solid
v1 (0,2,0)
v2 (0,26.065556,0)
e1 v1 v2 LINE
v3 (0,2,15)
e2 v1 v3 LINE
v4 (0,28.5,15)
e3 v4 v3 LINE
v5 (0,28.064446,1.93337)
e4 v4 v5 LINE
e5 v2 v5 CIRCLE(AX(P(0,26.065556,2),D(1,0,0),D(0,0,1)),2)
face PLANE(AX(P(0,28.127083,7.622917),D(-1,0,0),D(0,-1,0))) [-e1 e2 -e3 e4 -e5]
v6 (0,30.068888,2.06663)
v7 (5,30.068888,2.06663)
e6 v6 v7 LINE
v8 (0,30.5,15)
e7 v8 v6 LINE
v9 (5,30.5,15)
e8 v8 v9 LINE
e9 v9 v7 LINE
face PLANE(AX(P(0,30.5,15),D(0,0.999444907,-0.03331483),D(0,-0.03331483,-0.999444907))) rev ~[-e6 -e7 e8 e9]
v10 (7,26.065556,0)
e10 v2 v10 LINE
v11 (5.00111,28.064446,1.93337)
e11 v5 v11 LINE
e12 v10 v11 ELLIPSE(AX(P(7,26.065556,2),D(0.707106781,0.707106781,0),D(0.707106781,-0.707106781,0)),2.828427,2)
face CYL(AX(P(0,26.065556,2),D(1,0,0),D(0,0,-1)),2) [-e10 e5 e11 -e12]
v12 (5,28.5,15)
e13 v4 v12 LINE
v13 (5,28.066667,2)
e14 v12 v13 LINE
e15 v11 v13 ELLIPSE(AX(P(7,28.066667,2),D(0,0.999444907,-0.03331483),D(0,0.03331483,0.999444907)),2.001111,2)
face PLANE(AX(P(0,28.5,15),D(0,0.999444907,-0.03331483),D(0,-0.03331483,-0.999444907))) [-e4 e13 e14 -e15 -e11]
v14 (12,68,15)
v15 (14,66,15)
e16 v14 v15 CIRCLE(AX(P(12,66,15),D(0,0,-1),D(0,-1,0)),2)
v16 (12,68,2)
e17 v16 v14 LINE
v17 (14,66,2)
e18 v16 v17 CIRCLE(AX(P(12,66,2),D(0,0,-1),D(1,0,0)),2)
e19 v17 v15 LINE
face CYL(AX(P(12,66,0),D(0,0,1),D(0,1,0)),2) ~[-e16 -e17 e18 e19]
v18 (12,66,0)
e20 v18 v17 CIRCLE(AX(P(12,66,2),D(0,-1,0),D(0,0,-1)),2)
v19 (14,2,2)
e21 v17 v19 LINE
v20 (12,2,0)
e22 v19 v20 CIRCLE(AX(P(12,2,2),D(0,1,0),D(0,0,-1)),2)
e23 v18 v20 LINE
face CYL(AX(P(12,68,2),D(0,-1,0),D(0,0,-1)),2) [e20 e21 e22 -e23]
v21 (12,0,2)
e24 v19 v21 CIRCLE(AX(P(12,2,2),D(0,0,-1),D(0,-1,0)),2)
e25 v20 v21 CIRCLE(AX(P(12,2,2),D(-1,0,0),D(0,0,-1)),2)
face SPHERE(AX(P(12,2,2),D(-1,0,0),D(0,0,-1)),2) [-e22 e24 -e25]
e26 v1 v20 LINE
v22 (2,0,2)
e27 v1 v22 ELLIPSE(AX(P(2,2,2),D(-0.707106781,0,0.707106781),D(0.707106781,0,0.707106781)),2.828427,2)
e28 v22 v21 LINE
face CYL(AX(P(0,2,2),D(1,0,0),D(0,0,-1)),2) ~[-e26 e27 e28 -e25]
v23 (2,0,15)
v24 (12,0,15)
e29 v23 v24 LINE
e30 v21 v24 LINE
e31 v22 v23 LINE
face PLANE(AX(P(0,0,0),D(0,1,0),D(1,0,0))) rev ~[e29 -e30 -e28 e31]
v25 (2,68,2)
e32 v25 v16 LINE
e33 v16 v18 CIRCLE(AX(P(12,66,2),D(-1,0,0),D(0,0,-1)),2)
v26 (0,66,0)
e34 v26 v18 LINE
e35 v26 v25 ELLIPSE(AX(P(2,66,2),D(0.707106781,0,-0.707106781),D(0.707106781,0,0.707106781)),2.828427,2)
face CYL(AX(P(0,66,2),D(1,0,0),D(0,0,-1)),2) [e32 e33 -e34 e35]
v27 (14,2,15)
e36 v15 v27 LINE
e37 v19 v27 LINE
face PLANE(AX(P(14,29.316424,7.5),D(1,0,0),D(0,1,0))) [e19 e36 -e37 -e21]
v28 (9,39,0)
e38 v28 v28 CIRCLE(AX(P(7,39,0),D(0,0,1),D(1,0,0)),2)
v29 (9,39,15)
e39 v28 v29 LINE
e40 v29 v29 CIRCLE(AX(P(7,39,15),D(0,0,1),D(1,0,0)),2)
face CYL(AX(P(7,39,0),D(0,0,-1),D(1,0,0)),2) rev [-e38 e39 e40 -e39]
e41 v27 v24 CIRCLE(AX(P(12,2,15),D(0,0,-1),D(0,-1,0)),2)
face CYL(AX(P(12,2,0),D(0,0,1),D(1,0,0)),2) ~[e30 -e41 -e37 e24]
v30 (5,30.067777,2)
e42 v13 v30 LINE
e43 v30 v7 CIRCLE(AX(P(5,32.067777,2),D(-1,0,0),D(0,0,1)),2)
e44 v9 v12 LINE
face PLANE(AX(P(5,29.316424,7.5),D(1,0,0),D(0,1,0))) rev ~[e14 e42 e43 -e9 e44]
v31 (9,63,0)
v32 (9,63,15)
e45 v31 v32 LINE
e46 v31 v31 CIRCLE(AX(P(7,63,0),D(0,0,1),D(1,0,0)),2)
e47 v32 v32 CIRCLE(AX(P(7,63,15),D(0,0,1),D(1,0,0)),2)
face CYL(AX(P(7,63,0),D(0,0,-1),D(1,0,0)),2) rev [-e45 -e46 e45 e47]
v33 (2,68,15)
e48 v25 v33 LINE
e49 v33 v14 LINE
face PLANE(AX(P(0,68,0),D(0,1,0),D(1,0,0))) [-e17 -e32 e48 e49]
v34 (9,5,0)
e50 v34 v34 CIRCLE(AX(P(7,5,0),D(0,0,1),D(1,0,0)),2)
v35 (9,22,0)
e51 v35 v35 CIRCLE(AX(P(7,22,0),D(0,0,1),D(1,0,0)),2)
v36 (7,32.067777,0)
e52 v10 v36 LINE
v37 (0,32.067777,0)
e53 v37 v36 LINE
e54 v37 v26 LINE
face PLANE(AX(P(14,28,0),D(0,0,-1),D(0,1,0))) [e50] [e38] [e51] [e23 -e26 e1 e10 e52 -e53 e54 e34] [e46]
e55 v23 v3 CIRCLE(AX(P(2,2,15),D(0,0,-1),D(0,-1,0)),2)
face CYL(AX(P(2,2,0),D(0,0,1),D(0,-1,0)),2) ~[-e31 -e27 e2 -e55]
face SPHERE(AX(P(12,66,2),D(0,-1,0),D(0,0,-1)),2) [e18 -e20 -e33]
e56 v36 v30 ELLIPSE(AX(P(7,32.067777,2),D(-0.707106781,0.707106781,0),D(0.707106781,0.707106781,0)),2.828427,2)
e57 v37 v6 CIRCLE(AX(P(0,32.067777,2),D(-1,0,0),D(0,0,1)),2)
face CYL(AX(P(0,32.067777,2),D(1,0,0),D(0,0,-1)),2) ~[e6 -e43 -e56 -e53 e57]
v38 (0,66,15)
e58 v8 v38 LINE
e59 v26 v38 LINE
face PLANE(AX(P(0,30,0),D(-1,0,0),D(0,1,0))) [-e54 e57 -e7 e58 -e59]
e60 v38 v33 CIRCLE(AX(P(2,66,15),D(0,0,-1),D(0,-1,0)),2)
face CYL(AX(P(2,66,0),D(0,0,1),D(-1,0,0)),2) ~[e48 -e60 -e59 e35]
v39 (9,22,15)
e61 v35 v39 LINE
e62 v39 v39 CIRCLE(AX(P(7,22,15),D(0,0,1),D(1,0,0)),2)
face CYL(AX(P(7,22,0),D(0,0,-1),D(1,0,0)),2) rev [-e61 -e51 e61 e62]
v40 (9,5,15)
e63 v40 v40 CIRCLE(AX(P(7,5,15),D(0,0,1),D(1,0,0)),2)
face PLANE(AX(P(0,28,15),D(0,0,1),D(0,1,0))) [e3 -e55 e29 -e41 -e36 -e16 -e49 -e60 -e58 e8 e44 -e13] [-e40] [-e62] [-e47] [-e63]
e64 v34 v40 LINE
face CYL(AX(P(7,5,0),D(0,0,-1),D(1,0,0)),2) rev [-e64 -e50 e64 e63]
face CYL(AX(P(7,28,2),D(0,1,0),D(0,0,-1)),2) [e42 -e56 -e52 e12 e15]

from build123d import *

# Parameters (mm, degrees)
F0_W     = 14
F0_H     = 28
F0_R     = 2
F1_DEPTH = 15
F0_H_2   = 38
F2_W     = 2.6328479201
F2_H     = 15
F3_DEPTH = 9
F5_DEPTH = 5
F7_DEPTH = 5
F8_R     = 2


with BuildPart() as f1:
    # F0 (on Top) → F1 (new body)
    with BuildSketch(Plane.XY):
        with Locations((7, 14)):
            Rectangle(F0_W, F0_H)
        with Locations((7, 5)):
            Circle(F0_R, mode=Mode.SUBTRACT)
        with Locations((7, 22)):
            Circle(F0_R, mode=Mode.SUBTRACT)
    extrude(amount=F1_DEPTH)



with BuildPart() as f1b:
    # F0 (on Top) → F1, piece 2 (new body)
    with BuildSketch(Plane.XY):
        with Locations((7, 49)):
            Rectangle(F0_W, F0_H_2)
        with Locations((7, 39)):
            Circle(F0_R, mode=Mode.SUBTRACT)
        with Locations((7, 63)):
            Circle(F0_R, mode=Mode.SUBTRACT)
    extrude(amount=F1_DEPTH)


with BuildPart() as f1_1:
    add(f1.part)

    add(f1b.part)  # F3 merges F1b
    # F2 (on face) → F3 (join)
    with BuildSketch(Plane.YZ.offset(14)):
        with Locations((29.31642396, 7.5)):
            Rectangle(F2_W, F2_H)
    extrude(amount=-F3_DEPTH)

    # F4 (on face) → F5 (join)
    with BuildSketch(Plane(origin=(0, 0, 0), x_dir=(0, -1, 0), z_dir=(-1, 0, 0))):
        Polygon((-28, 0), (-28, 15), (-28.5, 15), align=None)
    extrude(amount=-F5_DEPTH)

    # F6 (on face) → F7 (cut)
    with BuildSketch(Plane(origin=(0, 0, 0), x_dir=(0, -1, 0), z_dir=(-1, 0, 0))):
        Polygon((-30, 0), (-30, 15), (-30.5, 15), align=None)
    extrude(amount=-F7_DEPTH, mode=Mode.SUBTRACT)

    # F8
    f8_edges = [f1_1.edges().sort_by_distance(p)[0] for p in [
        (2.5, 30, 0),
        (5, 29, 0),
        (2.5, 28, 0),
        (7, 0, 0),
        (14, 34, 0),
        (7, 68, 0),
        (0, 68, 7.5),
        (14, 68, 7.5),
        (0, 0, 7.5),
        (14, 0, 7.5),
    ]]
    fillet(f8_edges, radius=F8_R)


solid = f1_1.part
